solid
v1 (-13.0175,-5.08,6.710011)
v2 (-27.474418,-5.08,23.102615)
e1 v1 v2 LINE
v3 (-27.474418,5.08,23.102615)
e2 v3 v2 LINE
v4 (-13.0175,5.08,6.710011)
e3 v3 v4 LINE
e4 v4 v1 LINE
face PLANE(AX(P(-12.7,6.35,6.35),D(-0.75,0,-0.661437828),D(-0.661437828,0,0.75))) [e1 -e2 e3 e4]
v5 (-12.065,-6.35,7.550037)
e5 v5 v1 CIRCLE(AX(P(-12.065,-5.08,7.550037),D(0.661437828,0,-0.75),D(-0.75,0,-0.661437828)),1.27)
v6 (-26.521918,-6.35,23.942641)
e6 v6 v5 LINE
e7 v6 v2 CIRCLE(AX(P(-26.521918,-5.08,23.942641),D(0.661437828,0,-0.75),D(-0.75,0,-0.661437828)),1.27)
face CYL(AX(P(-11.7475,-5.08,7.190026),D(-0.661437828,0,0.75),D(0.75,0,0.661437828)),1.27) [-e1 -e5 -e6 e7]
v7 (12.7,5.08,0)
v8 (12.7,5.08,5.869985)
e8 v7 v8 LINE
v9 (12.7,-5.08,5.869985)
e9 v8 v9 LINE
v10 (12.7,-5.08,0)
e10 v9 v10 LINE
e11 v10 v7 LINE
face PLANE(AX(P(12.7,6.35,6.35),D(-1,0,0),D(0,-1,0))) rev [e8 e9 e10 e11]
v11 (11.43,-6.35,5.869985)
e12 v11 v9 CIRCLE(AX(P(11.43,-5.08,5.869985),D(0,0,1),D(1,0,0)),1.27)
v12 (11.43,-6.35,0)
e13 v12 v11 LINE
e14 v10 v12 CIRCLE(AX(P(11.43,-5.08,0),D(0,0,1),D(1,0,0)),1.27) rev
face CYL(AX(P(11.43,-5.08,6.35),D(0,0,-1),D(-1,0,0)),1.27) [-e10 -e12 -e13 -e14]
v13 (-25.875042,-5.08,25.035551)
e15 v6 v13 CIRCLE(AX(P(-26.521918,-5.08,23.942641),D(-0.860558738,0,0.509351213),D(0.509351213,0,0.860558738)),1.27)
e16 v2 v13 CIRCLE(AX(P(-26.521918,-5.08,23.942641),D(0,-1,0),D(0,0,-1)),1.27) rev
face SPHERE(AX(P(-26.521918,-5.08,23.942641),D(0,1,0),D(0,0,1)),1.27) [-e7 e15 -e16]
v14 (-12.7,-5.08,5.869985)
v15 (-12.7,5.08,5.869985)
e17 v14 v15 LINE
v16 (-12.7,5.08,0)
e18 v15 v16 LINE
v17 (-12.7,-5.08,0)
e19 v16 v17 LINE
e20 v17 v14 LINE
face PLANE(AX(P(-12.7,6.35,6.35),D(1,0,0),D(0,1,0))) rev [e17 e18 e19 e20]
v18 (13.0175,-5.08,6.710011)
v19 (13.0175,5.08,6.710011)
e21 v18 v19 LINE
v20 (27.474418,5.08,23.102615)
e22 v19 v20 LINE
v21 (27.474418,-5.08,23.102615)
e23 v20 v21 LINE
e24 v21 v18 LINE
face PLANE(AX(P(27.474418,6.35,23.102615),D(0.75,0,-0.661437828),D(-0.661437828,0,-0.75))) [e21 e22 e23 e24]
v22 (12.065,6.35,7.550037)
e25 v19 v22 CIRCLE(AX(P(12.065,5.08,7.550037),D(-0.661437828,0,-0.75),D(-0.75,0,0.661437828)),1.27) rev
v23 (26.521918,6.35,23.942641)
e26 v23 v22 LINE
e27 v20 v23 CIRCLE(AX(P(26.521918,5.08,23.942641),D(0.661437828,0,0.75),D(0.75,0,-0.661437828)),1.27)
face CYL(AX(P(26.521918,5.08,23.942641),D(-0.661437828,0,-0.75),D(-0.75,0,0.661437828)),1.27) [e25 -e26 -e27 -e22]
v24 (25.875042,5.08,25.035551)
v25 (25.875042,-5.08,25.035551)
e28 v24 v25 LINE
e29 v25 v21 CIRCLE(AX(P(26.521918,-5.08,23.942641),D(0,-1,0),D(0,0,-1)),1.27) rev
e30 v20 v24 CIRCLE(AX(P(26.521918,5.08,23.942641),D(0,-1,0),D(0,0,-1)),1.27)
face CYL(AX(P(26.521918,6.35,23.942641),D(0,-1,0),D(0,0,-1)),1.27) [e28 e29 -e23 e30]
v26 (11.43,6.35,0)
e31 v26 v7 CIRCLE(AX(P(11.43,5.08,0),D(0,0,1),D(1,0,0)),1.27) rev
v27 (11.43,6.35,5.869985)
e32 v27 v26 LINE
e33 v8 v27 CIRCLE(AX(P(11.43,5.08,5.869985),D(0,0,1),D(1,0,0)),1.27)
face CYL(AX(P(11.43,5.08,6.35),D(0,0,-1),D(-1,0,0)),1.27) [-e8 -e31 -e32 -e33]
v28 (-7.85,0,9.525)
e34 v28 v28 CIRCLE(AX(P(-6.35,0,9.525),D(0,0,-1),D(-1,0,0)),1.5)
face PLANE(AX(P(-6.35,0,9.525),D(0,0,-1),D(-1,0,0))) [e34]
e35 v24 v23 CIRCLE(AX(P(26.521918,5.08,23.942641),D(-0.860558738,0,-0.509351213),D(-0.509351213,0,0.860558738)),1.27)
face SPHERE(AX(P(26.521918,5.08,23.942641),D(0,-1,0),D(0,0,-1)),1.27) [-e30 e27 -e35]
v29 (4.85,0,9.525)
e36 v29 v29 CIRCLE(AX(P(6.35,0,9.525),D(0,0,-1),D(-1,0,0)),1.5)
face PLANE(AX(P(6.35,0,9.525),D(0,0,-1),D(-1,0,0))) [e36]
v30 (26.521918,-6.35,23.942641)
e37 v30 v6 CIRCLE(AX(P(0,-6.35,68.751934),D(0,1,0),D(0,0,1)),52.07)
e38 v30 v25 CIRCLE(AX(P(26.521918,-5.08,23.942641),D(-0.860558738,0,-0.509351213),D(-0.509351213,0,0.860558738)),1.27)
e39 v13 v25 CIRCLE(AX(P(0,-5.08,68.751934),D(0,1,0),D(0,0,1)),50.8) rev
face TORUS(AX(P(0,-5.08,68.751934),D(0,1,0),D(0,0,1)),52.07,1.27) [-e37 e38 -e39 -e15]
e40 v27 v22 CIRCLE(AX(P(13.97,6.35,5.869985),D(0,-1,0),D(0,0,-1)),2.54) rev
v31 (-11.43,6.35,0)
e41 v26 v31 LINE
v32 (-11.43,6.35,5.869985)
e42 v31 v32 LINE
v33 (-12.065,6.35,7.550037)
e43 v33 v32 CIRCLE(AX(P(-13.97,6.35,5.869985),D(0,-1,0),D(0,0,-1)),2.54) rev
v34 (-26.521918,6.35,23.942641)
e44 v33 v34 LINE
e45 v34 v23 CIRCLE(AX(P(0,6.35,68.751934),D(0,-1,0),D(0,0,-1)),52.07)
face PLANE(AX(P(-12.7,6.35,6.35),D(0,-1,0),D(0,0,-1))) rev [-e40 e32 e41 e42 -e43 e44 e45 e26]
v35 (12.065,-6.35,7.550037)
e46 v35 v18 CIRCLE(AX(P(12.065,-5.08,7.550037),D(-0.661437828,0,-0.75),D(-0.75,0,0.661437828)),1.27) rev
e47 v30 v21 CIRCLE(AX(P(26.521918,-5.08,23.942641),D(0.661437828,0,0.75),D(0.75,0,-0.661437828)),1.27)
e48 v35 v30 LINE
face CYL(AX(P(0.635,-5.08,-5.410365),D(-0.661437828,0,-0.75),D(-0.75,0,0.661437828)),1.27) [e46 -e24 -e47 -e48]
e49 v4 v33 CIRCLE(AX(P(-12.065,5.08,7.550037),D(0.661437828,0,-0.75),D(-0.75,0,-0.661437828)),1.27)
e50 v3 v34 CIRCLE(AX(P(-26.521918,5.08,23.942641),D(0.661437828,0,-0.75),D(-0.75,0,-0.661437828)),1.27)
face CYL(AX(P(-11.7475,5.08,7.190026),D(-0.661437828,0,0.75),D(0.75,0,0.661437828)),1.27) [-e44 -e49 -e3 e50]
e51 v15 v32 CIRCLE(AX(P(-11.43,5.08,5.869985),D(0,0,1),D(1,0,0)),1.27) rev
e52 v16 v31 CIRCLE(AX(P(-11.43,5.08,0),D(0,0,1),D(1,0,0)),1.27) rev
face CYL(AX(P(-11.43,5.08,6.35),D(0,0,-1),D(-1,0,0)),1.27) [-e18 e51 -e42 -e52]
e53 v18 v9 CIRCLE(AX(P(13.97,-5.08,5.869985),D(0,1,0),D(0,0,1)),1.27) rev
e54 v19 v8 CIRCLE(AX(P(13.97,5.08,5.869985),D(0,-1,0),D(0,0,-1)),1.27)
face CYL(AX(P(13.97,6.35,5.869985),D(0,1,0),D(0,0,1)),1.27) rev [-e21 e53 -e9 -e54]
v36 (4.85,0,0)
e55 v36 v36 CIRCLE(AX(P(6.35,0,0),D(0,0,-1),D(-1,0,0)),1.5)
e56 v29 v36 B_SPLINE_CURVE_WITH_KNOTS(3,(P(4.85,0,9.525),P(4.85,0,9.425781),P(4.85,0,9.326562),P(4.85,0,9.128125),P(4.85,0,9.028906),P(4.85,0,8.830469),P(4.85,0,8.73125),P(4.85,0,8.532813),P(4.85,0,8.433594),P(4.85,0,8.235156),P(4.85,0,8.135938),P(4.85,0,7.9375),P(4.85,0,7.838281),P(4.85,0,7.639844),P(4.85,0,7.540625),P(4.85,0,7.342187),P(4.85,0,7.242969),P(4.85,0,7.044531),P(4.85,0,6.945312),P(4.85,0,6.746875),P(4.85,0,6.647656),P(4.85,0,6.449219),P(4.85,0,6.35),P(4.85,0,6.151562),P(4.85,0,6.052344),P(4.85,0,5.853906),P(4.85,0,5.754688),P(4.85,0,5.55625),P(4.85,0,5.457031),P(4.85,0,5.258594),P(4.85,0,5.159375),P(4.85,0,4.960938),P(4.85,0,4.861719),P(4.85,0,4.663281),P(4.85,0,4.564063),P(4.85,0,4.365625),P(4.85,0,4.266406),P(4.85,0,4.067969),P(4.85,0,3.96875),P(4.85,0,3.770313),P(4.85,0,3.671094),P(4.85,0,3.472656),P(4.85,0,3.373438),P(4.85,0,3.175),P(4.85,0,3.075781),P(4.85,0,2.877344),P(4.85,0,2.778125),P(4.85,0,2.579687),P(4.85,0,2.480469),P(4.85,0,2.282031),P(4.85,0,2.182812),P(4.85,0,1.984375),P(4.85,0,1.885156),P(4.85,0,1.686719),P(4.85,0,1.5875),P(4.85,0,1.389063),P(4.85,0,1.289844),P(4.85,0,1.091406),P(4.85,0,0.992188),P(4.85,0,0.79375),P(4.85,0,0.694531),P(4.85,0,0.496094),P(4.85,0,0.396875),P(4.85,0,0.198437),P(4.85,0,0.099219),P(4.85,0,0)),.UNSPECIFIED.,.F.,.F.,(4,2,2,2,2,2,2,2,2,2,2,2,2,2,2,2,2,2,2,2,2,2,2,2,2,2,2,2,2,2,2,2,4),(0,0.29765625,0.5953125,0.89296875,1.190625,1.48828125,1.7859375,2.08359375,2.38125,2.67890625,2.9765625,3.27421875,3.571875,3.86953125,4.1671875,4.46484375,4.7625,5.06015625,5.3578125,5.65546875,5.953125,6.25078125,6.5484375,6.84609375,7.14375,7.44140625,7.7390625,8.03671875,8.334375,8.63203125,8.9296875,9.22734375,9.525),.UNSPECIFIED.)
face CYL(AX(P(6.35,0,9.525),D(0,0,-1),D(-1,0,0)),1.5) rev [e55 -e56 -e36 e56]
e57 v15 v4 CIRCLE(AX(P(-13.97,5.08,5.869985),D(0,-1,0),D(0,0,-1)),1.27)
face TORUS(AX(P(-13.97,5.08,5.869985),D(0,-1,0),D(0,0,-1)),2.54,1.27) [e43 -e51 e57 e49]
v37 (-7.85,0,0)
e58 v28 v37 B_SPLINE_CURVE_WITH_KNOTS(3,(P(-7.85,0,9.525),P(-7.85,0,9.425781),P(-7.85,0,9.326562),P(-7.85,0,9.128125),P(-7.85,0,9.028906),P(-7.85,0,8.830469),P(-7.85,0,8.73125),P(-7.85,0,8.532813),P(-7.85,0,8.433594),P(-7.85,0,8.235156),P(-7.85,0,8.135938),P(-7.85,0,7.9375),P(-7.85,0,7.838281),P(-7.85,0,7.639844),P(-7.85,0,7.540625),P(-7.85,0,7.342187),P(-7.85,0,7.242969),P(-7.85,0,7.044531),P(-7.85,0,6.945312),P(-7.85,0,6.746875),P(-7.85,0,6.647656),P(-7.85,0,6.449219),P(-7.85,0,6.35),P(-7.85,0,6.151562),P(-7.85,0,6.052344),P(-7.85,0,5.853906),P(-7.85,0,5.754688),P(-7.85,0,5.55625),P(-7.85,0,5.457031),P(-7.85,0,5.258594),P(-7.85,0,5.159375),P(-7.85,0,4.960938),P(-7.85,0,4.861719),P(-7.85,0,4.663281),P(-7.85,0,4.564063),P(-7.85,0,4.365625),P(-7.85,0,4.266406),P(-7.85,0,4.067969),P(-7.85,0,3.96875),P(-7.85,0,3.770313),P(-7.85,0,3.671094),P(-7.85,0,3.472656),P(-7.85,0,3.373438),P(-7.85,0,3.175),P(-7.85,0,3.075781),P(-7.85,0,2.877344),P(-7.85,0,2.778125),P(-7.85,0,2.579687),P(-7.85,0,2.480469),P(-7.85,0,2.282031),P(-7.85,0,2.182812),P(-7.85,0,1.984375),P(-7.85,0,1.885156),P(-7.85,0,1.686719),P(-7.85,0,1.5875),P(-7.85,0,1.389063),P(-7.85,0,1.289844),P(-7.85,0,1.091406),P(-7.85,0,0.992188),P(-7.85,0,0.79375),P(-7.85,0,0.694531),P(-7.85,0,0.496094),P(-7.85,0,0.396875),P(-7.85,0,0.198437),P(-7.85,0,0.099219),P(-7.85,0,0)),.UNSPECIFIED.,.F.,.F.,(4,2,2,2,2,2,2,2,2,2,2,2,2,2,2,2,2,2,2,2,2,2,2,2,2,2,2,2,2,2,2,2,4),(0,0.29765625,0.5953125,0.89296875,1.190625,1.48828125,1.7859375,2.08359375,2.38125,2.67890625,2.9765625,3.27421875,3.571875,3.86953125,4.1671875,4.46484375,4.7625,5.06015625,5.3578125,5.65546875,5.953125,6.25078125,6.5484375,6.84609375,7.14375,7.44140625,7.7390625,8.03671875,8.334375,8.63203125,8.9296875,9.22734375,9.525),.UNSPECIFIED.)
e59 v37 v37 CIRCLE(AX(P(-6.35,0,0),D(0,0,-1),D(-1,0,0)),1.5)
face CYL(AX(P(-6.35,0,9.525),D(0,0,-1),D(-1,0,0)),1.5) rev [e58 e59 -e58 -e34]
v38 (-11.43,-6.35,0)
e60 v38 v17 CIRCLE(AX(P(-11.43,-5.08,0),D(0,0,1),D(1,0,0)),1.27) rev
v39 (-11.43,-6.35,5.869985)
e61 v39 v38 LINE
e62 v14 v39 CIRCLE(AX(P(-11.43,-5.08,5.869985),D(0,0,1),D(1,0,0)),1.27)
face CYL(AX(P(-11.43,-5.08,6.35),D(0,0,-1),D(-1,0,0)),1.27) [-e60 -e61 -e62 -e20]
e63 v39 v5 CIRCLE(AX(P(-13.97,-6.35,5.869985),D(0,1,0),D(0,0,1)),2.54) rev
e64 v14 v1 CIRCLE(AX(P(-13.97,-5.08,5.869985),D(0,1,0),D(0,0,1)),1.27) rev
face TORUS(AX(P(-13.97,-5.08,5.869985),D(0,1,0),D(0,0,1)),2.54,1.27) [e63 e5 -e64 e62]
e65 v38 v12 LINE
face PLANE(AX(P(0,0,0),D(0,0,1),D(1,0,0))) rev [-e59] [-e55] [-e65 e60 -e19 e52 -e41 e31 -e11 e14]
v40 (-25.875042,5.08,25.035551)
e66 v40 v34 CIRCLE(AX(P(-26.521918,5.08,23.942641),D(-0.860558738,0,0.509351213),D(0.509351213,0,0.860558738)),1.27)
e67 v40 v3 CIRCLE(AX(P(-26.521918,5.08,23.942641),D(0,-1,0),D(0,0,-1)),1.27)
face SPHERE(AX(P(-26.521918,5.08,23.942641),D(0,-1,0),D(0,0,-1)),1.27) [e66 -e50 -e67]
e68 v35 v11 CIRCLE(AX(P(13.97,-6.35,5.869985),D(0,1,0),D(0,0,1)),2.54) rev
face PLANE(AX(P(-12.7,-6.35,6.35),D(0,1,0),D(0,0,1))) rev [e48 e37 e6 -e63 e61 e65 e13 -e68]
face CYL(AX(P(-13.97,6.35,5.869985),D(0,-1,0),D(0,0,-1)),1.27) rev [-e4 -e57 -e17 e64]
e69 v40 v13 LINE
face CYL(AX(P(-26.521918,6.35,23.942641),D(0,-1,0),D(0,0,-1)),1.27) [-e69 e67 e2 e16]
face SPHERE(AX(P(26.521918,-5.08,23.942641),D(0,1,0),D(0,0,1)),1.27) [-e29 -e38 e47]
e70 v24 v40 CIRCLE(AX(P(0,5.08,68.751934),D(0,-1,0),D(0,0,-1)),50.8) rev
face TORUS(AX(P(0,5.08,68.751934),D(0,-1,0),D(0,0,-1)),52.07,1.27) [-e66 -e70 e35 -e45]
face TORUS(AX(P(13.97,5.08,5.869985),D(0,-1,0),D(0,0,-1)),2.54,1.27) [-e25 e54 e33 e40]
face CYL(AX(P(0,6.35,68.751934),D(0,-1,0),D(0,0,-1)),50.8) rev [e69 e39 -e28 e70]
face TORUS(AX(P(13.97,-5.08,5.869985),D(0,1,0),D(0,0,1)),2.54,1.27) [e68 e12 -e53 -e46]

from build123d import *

# Parameters (mm, degrees)
ESQUISSE1_W             = 25.4
ESQUISSE1_H             = 12.7
BOSS_EXTRU_1_DEPTH      = 6.35
BOSS_EXTRU_2_DEPTH      = 12.7
CONG_1_R                = 1.27
ESQUISSE3_R             = 1.5
ENL_V_MAT_EXTRU_1_DEPTH = 9.525


with BuildPart() as part:
    # Esquisse1 → Boss.-Extru.1 (new body)
    with BuildSketch(Plane.XY):
        Rectangle(ESQUISSE1_W, ESQUISSE1_H)
    extrude(amount=BOSS_EXTRU_1_DEPTH)

    # Esquisse2 → Boss.-Extru.2 (add)
    with BuildSketch(Plane.XZ.offset(6.35)):
        with BuildLine():
            Line((-12.7, 6.35), (-27.474417663, 23.102614958))
            ThreePointArc((-27.474417663, 23.102614958), (-27.500391754, 24.752263413), (-25.875041622, 25.035550597))
            ThreePointArc((-25.875041622, 25.035550597), (0, 17.951934494), (25.875041622, 25.035550597))
            ThreePointArc((25.875041622, 25.035550597), (27.500391754, 24.752263413), (27.474417663, 23.102614958))
            Line((27.474417663, 23.102614958), (12.7, 6.35))
            Line((12.7, 6.35), (12.7, 0))
            Line((12.7, 0), (-12.7, 0))
            Line((-12.7, 0), (-12.7, 6.35))
        make_face()
    extrude(amount=-BOSS_EXTRU_2_DEPTH)

    # Congé1
    cong_1_edges = [part.edges().sort_by_distance(p)[0] for p in [
        (-12.7, 0, 6.35),
        (-20.087208832, 6.35, 14.726307479),
        (-27.500391754, 6.35, 24.752263413),
        (0, 6.35, 17.951934494),
        (27.500391754, 6.35, 24.752263413),
        (20.087208832, 6.35, 14.726307479),
        (20.087208832, -6.35, 14.726307479),
        (27.500391754, -6.35, 24.752263413),
        (0, -6.35, 17.951934494),
        (-27.500391754, -6.35, 24.752263413),
        (-20.087208832, -6.35, 14.726307479),
        (12.7, 0, 6.35),
        (12.7, -6.35, 3.175),
        (-12.7, -6.35, 3.175),
        (-12.7, 6.35, 3.175),
        (12.7, 6.35, 3.175),
    ]]
    fillet(cong_1_edges, radius=CONG_1_R)

    # Esquisse3 → Enlèv. mat.-Extru.1 (cut)
    with BuildSketch(Plane(origin=(0, 0, 0), x_dir=(-1, 0, 0), z_dir=(0, 0, -1))):
        with Locations((-6.35, 0)):
            Circle(ESQUISSE3_R)
        with Locations((6.35, 0)):
            Circle(ESQUISSE3_R)
    extrude(amount=-ENL_V_MAT_EXTRU_1_DEPTH, mode=Mode.SUBTRACT)


solid = part.part
